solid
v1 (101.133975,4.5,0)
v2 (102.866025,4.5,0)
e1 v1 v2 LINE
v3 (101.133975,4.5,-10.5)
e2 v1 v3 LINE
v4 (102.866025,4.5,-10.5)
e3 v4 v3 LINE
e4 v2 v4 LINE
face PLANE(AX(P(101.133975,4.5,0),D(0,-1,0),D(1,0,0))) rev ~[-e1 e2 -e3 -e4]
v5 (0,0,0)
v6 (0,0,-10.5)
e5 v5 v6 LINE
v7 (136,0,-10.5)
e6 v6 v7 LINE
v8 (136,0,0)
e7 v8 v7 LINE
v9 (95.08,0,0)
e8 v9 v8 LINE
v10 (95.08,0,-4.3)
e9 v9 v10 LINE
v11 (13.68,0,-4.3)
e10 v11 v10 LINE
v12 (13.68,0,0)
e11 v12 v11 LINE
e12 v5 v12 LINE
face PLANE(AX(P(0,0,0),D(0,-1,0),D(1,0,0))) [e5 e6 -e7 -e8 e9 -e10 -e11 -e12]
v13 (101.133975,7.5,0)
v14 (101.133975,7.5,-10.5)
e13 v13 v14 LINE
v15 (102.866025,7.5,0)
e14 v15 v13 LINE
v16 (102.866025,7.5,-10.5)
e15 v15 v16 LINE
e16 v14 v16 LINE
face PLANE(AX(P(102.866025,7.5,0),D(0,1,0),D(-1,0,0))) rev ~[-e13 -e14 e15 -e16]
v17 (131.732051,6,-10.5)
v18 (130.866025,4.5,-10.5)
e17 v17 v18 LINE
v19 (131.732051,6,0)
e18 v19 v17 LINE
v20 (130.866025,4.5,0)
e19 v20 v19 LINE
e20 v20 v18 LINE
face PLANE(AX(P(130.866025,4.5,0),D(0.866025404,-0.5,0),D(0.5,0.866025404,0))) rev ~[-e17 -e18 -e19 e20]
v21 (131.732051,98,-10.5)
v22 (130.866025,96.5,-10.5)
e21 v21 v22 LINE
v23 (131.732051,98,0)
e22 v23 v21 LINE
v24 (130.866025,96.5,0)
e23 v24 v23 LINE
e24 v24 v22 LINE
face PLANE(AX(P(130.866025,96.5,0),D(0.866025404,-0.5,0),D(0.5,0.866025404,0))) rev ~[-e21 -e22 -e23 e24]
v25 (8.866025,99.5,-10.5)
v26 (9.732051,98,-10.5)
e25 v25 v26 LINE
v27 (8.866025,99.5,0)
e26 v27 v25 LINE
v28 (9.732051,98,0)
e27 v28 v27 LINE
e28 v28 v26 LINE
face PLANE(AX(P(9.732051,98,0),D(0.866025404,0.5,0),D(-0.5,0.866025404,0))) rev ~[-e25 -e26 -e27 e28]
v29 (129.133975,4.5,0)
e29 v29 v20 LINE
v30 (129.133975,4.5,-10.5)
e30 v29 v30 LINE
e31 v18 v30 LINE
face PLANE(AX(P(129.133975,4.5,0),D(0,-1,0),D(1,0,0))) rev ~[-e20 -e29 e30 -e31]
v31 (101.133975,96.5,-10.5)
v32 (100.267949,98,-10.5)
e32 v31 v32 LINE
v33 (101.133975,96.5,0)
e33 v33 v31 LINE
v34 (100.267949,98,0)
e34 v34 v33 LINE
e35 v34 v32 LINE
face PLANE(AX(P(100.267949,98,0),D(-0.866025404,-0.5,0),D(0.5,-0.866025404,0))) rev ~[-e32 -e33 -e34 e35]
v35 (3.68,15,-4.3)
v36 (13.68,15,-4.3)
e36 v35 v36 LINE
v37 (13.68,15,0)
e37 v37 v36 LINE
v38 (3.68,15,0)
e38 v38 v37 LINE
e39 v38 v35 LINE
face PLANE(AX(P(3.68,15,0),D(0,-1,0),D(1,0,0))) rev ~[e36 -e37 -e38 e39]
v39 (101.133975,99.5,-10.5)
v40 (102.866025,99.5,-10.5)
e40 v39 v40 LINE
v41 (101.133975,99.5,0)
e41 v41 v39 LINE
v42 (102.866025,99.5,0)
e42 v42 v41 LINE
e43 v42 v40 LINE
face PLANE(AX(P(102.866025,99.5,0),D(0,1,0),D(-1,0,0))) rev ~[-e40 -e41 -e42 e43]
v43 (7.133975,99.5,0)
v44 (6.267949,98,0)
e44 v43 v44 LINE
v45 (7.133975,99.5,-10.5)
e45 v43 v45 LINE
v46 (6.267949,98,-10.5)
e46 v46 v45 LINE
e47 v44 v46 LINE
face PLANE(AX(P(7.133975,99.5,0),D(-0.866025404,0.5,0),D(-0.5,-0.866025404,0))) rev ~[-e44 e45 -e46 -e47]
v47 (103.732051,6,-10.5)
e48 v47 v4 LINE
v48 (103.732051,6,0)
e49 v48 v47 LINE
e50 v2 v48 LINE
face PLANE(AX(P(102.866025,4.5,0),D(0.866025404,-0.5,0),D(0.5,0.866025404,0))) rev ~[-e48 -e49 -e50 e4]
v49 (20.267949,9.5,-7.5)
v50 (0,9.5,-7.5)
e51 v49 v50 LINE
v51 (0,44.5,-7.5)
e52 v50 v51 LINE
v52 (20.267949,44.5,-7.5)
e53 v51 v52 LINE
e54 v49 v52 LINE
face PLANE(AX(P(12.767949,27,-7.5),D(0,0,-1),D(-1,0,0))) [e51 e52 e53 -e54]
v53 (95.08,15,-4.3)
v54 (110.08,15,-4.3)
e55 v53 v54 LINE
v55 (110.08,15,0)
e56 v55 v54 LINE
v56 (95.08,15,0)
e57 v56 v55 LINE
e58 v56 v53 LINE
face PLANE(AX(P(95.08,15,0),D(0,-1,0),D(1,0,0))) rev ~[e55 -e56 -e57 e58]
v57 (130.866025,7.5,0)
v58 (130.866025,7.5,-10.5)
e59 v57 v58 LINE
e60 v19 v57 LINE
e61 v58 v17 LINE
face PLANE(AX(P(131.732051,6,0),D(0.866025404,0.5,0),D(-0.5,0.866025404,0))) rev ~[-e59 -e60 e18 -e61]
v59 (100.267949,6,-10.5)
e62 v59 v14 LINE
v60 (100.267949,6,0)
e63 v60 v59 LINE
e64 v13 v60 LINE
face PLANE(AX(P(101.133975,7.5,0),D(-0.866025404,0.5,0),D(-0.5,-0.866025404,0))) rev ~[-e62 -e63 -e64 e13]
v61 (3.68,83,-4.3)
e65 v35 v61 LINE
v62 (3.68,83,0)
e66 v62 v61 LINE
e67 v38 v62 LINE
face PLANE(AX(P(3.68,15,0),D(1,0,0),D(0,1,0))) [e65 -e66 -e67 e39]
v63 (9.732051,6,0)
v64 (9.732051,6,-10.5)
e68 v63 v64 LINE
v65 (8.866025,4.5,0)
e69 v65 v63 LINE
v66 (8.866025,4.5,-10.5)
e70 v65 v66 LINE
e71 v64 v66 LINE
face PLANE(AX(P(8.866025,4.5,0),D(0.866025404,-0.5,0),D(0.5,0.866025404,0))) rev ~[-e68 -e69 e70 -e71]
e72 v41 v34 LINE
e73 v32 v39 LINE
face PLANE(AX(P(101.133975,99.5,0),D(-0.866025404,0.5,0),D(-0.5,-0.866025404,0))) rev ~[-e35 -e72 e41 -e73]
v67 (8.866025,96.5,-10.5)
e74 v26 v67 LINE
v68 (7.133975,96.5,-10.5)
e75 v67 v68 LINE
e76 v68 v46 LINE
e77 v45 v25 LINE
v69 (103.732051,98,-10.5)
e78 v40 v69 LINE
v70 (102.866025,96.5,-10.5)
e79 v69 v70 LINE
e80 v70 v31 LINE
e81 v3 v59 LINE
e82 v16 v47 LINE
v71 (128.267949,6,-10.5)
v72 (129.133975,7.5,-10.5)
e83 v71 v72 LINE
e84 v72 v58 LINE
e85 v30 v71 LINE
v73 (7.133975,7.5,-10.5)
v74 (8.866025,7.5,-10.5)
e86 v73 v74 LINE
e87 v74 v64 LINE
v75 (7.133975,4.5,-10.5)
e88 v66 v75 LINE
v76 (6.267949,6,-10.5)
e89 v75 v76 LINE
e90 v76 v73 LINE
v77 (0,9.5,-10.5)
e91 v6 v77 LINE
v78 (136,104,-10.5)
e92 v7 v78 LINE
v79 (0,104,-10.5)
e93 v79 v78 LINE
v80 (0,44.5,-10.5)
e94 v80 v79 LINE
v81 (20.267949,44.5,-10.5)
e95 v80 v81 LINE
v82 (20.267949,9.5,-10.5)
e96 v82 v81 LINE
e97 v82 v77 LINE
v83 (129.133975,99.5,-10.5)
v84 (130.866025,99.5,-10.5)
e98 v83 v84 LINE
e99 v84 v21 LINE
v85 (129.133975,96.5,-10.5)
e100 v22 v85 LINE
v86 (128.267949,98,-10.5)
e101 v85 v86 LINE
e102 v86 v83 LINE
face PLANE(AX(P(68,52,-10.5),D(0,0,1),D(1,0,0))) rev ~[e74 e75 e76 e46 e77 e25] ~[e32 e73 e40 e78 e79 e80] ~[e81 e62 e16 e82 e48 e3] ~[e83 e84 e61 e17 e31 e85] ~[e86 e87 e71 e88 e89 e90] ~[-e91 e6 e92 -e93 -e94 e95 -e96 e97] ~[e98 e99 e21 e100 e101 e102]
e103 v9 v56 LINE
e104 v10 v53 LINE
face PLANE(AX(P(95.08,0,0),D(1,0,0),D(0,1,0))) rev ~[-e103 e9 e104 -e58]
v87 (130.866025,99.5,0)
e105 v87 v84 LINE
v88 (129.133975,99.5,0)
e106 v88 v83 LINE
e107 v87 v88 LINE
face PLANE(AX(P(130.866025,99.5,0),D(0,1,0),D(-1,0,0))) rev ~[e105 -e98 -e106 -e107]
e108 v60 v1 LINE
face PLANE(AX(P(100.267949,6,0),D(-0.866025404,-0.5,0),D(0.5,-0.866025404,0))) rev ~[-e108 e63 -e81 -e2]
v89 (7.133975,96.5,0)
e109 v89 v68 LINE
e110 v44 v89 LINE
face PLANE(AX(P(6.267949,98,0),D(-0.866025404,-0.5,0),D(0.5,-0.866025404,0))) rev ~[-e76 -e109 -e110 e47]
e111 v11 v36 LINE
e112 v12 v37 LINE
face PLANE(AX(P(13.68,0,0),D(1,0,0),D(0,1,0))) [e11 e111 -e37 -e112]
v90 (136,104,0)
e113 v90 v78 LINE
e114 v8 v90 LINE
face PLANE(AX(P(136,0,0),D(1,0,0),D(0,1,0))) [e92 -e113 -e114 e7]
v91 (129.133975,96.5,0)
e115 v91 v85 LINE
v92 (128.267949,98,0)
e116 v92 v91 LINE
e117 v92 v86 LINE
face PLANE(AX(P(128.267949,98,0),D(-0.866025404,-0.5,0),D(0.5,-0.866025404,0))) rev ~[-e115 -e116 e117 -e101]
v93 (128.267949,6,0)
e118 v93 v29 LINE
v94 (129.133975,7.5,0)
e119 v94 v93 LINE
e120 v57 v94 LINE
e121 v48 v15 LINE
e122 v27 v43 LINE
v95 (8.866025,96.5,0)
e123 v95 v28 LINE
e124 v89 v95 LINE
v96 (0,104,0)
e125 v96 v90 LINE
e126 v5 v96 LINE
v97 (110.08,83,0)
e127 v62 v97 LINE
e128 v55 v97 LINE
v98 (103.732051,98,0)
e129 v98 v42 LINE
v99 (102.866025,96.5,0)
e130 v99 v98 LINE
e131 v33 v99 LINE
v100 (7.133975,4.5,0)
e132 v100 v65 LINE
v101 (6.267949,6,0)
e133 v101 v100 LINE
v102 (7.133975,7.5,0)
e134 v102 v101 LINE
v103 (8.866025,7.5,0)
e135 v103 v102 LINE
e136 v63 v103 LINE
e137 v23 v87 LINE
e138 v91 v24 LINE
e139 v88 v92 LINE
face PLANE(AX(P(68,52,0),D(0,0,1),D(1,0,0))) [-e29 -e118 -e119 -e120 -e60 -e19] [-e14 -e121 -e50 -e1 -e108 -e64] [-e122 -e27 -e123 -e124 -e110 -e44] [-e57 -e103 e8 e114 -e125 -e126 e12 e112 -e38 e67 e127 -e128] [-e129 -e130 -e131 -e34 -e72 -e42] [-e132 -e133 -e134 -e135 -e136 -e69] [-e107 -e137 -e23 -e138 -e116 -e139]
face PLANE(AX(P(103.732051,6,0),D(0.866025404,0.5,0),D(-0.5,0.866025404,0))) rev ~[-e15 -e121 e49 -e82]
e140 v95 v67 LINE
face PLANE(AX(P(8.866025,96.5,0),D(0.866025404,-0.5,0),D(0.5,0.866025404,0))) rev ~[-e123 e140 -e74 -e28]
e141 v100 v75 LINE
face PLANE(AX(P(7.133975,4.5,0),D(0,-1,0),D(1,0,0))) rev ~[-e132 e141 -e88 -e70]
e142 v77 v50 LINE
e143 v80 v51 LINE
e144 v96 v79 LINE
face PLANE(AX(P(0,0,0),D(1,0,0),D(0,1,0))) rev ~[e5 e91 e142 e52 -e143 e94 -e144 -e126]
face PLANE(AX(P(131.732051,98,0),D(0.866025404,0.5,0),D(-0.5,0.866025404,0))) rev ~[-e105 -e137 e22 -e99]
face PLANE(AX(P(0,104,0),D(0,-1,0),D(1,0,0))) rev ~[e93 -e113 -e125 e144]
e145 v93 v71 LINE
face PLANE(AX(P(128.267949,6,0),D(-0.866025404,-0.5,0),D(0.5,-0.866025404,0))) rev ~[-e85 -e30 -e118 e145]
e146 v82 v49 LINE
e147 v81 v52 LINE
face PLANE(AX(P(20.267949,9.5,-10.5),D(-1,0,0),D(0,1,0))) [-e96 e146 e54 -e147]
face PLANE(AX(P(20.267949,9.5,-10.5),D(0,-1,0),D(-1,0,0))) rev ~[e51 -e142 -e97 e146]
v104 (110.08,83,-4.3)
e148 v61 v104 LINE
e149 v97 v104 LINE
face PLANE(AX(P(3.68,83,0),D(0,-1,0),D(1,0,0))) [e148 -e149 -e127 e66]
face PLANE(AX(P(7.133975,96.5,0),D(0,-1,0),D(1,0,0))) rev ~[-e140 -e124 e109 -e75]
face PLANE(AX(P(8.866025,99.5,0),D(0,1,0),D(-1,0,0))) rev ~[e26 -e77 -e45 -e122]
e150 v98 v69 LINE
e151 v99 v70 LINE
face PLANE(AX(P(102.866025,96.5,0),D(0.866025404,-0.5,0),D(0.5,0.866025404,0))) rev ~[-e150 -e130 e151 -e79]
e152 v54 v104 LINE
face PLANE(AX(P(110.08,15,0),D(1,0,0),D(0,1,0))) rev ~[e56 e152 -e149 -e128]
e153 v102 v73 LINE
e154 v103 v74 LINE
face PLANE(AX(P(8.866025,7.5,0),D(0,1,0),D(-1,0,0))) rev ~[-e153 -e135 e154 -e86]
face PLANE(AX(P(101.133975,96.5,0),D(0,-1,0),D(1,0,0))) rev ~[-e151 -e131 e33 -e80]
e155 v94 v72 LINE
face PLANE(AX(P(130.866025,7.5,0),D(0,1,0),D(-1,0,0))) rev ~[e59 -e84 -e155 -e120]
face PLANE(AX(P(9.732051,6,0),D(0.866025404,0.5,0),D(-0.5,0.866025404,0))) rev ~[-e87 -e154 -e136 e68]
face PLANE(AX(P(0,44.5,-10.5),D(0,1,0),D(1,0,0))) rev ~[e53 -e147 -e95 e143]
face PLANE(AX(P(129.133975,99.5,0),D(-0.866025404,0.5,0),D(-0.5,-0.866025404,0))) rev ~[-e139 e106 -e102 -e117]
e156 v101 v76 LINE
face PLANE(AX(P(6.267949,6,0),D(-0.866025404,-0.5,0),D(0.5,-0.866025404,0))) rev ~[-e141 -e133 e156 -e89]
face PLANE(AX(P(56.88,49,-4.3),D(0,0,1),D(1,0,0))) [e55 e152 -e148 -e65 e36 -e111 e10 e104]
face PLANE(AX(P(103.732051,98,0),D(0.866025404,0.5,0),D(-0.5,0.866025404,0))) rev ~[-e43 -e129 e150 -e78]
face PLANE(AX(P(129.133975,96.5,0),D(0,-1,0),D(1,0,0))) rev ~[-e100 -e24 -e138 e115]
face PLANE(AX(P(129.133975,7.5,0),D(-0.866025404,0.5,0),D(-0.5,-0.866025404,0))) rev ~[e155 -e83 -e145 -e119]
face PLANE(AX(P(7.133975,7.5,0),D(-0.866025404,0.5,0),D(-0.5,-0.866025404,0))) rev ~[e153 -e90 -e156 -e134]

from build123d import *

# Parameters (mm, degrees)
SKETCH_1_W             = 136
SKETCH_1_H             = 104
EXTRUDE_1_DEPTH        = 10.5
CUT_EXTRUDE_1428_DEPTH = 4.3
CUT_EXTRUDE_1767_REACH = 173.529
SKETCH_4_W             = 20.267949192
SKETCH_4_H             = 35
PCB_DEPTH              = 3


with BuildPart() as part:
    # 草图1 → 凸台-拉伸1 (new body)
    with BuildSketch(Plane.XY):
        with Locations((68, 52)):
            Rectangle(SKETCH_1_W, SKETCH_1_H)
    extrude(amount=-EXTRUDE_1_DEPTH)

    # 草图1<3> → Cut-Extrude 1428 (cut)
    with BuildSketch(Plane.XY):
        Polygon((13.68, 15), (13.68, 0), (95.08, 0), (95.08, 15), (110.08, 15), (110.08, 83), (3.68, 83), (3.68, 15), align=None)
    extrude(amount=-CUT_EXTRUDE_1428_DEPTH, mode=Mode.SUBTRACT)

    # 草图1<5> → Cut-Extrude 1767 (cut, up to next)
    with BuildSketch(Plane.XY, mode=Mode.PRIVATE) as cut_extrude_1767_sk1:
        Polygon((8.866025404, 4.5), (9.732050808, 6), (8.866025404, 7.5), (7.133974596, 7.5), (6.267949192, 6), (7.133974596, 4.5), align=None)
    cut_extrude_1767_tool1 = extrude(cut_extrude_1767_sk1.sketch, amount=-CUT_EXTRUDE_1767_REACH, mode=Mode.PRIVATE) & part.part
    # 草图1<5> → Cut-Extrude 1767 (cut, up to next)
    with BuildSketch(Plane.XY, mode=Mode.PRIVATE) as cut_extrude_1767_sk2:
        Polygon((129.133974596, 7.5), (128.267949192, 6), (129.133974596, 4.5), (130.866025404, 4.5), (131.732050808, 6), (130.866025404, 7.5), align=None)
    cut_extrude_1767_tool2 = extrude(cut_extrude_1767_sk2.sketch, amount=-CUT_EXTRUDE_1767_REACH, mode=Mode.PRIVATE) & part.part
    # 草图1<5> → Cut-Extrude 1767 (cut, up to next)
    with BuildSketch(Plane.XY, mode=Mode.PRIVATE) as cut_extrude_1767_sk3:
        Polygon((130.866025404, 96.5), (131.732050808, 98), (130.866025404, 99.5), (129.133974596, 99.5), (128.267949192, 98), (129.133974596, 96.5), align=None)
    cut_extrude_1767_tool3 = extrude(cut_extrude_1767_sk3.sketch, amount=-CUT_EXTRUDE_1767_REACH, mode=Mode.PRIVATE) & part.part
    # 草图1<5> → Cut-Extrude 1767 (cut, up to next)
    with BuildSketch(Plane.XY, mode=Mode.PRIVATE) as cut_extrude_1767_sk4:
        Polygon((8.866025404, 96.5), (9.732050808, 98), (8.866025404, 99.5), (7.133974596, 99.5), (6.267949192, 98), (7.133974596, 96.5), align=None)
    cut_extrude_1767_tool4 = extrude(cut_extrude_1767_sk4.sketch, amount=-CUT_EXTRUDE_1767_REACH, mode=Mode.PRIVATE) & part.part
    # 草图1<5> → Cut-Extrude 1767 (cut, up to next)
    with BuildSketch(Plane.XY, mode=Mode.PRIVATE) as cut_extrude_1767_sk5:
        Polygon((102.866025404, 99.5), (101.133974596, 99.5), (100.267949192, 98), (101.133974596, 96.5), (102.866025404, 96.5), (103.732050808, 98), align=None)
    cut_extrude_1767_tool5 = extrude(cut_extrude_1767_sk5.sketch, amount=-CUT_EXTRUDE_1767_REACH, mode=Mode.PRIVATE) & part.part
    # 草图1<5> → Cut-Extrude 1767 (cut, up to next)
    with BuildSketch(Plane.XY, mode=Mode.PRIVATE) as cut_extrude_1767_sk6:
        Polygon((102.866025404, 4.5), (103.732050808, 6), (102.866025404, 7.5), (101.133974596, 7.5), (100.267949192, 6), (101.133974596, 4.5), align=None)
    cut_extrude_1767_tool6 = extrude(cut_extrude_1767_sk6.sketch, amount=-CUT_EXTRUDE_1767_REACH, mode=Mode.PRIVATE) & part.part
    add(cut_extrude_1767_tool1.solids().sort_by_distance((8, 6, 0))[0], mode=Mode.SUBTRACT)
    add(cut_extrude_1767_tool2.solids().sort_by_distance((130, 6, 0))[0], mode=Mode.SUBTRACT)
    add(cut_extrude_1767_tool3.solids().sort_by_distance((130, 98, 0))[0], mode=Mode.SUBTRACT)
    add(cut_extrude_1767_tool4.solids().sort_by_distance((8, 98, 0))[0], mode=Mode.SUBTRACT)
    add(cut_extrude_1767_tool5.solids().sort_by_distance((102, 98, 0))[0], mode=Mode.SUBTRACT)
    add(cut_extrude_1767_tool6.solids().sort_by_distance((102, 6, 0))[0], mode=Mode.SUBTRACT)

    # 草图4 → PCB插件坑 (cut)
    with BuildSketch(Plane(origin=(0, 0, -10.5), x_dir=(-1, 0, 0), z_dir=(0, 0, -1))):
        with Locations((-10.133974596, 27)):
            Rectangle(SKETCH_4_W, SKETCH_4_H)
    extrude(amount=-PCB_DEPTH, mode=Mode.SUBTRACT)


solid = part.part
